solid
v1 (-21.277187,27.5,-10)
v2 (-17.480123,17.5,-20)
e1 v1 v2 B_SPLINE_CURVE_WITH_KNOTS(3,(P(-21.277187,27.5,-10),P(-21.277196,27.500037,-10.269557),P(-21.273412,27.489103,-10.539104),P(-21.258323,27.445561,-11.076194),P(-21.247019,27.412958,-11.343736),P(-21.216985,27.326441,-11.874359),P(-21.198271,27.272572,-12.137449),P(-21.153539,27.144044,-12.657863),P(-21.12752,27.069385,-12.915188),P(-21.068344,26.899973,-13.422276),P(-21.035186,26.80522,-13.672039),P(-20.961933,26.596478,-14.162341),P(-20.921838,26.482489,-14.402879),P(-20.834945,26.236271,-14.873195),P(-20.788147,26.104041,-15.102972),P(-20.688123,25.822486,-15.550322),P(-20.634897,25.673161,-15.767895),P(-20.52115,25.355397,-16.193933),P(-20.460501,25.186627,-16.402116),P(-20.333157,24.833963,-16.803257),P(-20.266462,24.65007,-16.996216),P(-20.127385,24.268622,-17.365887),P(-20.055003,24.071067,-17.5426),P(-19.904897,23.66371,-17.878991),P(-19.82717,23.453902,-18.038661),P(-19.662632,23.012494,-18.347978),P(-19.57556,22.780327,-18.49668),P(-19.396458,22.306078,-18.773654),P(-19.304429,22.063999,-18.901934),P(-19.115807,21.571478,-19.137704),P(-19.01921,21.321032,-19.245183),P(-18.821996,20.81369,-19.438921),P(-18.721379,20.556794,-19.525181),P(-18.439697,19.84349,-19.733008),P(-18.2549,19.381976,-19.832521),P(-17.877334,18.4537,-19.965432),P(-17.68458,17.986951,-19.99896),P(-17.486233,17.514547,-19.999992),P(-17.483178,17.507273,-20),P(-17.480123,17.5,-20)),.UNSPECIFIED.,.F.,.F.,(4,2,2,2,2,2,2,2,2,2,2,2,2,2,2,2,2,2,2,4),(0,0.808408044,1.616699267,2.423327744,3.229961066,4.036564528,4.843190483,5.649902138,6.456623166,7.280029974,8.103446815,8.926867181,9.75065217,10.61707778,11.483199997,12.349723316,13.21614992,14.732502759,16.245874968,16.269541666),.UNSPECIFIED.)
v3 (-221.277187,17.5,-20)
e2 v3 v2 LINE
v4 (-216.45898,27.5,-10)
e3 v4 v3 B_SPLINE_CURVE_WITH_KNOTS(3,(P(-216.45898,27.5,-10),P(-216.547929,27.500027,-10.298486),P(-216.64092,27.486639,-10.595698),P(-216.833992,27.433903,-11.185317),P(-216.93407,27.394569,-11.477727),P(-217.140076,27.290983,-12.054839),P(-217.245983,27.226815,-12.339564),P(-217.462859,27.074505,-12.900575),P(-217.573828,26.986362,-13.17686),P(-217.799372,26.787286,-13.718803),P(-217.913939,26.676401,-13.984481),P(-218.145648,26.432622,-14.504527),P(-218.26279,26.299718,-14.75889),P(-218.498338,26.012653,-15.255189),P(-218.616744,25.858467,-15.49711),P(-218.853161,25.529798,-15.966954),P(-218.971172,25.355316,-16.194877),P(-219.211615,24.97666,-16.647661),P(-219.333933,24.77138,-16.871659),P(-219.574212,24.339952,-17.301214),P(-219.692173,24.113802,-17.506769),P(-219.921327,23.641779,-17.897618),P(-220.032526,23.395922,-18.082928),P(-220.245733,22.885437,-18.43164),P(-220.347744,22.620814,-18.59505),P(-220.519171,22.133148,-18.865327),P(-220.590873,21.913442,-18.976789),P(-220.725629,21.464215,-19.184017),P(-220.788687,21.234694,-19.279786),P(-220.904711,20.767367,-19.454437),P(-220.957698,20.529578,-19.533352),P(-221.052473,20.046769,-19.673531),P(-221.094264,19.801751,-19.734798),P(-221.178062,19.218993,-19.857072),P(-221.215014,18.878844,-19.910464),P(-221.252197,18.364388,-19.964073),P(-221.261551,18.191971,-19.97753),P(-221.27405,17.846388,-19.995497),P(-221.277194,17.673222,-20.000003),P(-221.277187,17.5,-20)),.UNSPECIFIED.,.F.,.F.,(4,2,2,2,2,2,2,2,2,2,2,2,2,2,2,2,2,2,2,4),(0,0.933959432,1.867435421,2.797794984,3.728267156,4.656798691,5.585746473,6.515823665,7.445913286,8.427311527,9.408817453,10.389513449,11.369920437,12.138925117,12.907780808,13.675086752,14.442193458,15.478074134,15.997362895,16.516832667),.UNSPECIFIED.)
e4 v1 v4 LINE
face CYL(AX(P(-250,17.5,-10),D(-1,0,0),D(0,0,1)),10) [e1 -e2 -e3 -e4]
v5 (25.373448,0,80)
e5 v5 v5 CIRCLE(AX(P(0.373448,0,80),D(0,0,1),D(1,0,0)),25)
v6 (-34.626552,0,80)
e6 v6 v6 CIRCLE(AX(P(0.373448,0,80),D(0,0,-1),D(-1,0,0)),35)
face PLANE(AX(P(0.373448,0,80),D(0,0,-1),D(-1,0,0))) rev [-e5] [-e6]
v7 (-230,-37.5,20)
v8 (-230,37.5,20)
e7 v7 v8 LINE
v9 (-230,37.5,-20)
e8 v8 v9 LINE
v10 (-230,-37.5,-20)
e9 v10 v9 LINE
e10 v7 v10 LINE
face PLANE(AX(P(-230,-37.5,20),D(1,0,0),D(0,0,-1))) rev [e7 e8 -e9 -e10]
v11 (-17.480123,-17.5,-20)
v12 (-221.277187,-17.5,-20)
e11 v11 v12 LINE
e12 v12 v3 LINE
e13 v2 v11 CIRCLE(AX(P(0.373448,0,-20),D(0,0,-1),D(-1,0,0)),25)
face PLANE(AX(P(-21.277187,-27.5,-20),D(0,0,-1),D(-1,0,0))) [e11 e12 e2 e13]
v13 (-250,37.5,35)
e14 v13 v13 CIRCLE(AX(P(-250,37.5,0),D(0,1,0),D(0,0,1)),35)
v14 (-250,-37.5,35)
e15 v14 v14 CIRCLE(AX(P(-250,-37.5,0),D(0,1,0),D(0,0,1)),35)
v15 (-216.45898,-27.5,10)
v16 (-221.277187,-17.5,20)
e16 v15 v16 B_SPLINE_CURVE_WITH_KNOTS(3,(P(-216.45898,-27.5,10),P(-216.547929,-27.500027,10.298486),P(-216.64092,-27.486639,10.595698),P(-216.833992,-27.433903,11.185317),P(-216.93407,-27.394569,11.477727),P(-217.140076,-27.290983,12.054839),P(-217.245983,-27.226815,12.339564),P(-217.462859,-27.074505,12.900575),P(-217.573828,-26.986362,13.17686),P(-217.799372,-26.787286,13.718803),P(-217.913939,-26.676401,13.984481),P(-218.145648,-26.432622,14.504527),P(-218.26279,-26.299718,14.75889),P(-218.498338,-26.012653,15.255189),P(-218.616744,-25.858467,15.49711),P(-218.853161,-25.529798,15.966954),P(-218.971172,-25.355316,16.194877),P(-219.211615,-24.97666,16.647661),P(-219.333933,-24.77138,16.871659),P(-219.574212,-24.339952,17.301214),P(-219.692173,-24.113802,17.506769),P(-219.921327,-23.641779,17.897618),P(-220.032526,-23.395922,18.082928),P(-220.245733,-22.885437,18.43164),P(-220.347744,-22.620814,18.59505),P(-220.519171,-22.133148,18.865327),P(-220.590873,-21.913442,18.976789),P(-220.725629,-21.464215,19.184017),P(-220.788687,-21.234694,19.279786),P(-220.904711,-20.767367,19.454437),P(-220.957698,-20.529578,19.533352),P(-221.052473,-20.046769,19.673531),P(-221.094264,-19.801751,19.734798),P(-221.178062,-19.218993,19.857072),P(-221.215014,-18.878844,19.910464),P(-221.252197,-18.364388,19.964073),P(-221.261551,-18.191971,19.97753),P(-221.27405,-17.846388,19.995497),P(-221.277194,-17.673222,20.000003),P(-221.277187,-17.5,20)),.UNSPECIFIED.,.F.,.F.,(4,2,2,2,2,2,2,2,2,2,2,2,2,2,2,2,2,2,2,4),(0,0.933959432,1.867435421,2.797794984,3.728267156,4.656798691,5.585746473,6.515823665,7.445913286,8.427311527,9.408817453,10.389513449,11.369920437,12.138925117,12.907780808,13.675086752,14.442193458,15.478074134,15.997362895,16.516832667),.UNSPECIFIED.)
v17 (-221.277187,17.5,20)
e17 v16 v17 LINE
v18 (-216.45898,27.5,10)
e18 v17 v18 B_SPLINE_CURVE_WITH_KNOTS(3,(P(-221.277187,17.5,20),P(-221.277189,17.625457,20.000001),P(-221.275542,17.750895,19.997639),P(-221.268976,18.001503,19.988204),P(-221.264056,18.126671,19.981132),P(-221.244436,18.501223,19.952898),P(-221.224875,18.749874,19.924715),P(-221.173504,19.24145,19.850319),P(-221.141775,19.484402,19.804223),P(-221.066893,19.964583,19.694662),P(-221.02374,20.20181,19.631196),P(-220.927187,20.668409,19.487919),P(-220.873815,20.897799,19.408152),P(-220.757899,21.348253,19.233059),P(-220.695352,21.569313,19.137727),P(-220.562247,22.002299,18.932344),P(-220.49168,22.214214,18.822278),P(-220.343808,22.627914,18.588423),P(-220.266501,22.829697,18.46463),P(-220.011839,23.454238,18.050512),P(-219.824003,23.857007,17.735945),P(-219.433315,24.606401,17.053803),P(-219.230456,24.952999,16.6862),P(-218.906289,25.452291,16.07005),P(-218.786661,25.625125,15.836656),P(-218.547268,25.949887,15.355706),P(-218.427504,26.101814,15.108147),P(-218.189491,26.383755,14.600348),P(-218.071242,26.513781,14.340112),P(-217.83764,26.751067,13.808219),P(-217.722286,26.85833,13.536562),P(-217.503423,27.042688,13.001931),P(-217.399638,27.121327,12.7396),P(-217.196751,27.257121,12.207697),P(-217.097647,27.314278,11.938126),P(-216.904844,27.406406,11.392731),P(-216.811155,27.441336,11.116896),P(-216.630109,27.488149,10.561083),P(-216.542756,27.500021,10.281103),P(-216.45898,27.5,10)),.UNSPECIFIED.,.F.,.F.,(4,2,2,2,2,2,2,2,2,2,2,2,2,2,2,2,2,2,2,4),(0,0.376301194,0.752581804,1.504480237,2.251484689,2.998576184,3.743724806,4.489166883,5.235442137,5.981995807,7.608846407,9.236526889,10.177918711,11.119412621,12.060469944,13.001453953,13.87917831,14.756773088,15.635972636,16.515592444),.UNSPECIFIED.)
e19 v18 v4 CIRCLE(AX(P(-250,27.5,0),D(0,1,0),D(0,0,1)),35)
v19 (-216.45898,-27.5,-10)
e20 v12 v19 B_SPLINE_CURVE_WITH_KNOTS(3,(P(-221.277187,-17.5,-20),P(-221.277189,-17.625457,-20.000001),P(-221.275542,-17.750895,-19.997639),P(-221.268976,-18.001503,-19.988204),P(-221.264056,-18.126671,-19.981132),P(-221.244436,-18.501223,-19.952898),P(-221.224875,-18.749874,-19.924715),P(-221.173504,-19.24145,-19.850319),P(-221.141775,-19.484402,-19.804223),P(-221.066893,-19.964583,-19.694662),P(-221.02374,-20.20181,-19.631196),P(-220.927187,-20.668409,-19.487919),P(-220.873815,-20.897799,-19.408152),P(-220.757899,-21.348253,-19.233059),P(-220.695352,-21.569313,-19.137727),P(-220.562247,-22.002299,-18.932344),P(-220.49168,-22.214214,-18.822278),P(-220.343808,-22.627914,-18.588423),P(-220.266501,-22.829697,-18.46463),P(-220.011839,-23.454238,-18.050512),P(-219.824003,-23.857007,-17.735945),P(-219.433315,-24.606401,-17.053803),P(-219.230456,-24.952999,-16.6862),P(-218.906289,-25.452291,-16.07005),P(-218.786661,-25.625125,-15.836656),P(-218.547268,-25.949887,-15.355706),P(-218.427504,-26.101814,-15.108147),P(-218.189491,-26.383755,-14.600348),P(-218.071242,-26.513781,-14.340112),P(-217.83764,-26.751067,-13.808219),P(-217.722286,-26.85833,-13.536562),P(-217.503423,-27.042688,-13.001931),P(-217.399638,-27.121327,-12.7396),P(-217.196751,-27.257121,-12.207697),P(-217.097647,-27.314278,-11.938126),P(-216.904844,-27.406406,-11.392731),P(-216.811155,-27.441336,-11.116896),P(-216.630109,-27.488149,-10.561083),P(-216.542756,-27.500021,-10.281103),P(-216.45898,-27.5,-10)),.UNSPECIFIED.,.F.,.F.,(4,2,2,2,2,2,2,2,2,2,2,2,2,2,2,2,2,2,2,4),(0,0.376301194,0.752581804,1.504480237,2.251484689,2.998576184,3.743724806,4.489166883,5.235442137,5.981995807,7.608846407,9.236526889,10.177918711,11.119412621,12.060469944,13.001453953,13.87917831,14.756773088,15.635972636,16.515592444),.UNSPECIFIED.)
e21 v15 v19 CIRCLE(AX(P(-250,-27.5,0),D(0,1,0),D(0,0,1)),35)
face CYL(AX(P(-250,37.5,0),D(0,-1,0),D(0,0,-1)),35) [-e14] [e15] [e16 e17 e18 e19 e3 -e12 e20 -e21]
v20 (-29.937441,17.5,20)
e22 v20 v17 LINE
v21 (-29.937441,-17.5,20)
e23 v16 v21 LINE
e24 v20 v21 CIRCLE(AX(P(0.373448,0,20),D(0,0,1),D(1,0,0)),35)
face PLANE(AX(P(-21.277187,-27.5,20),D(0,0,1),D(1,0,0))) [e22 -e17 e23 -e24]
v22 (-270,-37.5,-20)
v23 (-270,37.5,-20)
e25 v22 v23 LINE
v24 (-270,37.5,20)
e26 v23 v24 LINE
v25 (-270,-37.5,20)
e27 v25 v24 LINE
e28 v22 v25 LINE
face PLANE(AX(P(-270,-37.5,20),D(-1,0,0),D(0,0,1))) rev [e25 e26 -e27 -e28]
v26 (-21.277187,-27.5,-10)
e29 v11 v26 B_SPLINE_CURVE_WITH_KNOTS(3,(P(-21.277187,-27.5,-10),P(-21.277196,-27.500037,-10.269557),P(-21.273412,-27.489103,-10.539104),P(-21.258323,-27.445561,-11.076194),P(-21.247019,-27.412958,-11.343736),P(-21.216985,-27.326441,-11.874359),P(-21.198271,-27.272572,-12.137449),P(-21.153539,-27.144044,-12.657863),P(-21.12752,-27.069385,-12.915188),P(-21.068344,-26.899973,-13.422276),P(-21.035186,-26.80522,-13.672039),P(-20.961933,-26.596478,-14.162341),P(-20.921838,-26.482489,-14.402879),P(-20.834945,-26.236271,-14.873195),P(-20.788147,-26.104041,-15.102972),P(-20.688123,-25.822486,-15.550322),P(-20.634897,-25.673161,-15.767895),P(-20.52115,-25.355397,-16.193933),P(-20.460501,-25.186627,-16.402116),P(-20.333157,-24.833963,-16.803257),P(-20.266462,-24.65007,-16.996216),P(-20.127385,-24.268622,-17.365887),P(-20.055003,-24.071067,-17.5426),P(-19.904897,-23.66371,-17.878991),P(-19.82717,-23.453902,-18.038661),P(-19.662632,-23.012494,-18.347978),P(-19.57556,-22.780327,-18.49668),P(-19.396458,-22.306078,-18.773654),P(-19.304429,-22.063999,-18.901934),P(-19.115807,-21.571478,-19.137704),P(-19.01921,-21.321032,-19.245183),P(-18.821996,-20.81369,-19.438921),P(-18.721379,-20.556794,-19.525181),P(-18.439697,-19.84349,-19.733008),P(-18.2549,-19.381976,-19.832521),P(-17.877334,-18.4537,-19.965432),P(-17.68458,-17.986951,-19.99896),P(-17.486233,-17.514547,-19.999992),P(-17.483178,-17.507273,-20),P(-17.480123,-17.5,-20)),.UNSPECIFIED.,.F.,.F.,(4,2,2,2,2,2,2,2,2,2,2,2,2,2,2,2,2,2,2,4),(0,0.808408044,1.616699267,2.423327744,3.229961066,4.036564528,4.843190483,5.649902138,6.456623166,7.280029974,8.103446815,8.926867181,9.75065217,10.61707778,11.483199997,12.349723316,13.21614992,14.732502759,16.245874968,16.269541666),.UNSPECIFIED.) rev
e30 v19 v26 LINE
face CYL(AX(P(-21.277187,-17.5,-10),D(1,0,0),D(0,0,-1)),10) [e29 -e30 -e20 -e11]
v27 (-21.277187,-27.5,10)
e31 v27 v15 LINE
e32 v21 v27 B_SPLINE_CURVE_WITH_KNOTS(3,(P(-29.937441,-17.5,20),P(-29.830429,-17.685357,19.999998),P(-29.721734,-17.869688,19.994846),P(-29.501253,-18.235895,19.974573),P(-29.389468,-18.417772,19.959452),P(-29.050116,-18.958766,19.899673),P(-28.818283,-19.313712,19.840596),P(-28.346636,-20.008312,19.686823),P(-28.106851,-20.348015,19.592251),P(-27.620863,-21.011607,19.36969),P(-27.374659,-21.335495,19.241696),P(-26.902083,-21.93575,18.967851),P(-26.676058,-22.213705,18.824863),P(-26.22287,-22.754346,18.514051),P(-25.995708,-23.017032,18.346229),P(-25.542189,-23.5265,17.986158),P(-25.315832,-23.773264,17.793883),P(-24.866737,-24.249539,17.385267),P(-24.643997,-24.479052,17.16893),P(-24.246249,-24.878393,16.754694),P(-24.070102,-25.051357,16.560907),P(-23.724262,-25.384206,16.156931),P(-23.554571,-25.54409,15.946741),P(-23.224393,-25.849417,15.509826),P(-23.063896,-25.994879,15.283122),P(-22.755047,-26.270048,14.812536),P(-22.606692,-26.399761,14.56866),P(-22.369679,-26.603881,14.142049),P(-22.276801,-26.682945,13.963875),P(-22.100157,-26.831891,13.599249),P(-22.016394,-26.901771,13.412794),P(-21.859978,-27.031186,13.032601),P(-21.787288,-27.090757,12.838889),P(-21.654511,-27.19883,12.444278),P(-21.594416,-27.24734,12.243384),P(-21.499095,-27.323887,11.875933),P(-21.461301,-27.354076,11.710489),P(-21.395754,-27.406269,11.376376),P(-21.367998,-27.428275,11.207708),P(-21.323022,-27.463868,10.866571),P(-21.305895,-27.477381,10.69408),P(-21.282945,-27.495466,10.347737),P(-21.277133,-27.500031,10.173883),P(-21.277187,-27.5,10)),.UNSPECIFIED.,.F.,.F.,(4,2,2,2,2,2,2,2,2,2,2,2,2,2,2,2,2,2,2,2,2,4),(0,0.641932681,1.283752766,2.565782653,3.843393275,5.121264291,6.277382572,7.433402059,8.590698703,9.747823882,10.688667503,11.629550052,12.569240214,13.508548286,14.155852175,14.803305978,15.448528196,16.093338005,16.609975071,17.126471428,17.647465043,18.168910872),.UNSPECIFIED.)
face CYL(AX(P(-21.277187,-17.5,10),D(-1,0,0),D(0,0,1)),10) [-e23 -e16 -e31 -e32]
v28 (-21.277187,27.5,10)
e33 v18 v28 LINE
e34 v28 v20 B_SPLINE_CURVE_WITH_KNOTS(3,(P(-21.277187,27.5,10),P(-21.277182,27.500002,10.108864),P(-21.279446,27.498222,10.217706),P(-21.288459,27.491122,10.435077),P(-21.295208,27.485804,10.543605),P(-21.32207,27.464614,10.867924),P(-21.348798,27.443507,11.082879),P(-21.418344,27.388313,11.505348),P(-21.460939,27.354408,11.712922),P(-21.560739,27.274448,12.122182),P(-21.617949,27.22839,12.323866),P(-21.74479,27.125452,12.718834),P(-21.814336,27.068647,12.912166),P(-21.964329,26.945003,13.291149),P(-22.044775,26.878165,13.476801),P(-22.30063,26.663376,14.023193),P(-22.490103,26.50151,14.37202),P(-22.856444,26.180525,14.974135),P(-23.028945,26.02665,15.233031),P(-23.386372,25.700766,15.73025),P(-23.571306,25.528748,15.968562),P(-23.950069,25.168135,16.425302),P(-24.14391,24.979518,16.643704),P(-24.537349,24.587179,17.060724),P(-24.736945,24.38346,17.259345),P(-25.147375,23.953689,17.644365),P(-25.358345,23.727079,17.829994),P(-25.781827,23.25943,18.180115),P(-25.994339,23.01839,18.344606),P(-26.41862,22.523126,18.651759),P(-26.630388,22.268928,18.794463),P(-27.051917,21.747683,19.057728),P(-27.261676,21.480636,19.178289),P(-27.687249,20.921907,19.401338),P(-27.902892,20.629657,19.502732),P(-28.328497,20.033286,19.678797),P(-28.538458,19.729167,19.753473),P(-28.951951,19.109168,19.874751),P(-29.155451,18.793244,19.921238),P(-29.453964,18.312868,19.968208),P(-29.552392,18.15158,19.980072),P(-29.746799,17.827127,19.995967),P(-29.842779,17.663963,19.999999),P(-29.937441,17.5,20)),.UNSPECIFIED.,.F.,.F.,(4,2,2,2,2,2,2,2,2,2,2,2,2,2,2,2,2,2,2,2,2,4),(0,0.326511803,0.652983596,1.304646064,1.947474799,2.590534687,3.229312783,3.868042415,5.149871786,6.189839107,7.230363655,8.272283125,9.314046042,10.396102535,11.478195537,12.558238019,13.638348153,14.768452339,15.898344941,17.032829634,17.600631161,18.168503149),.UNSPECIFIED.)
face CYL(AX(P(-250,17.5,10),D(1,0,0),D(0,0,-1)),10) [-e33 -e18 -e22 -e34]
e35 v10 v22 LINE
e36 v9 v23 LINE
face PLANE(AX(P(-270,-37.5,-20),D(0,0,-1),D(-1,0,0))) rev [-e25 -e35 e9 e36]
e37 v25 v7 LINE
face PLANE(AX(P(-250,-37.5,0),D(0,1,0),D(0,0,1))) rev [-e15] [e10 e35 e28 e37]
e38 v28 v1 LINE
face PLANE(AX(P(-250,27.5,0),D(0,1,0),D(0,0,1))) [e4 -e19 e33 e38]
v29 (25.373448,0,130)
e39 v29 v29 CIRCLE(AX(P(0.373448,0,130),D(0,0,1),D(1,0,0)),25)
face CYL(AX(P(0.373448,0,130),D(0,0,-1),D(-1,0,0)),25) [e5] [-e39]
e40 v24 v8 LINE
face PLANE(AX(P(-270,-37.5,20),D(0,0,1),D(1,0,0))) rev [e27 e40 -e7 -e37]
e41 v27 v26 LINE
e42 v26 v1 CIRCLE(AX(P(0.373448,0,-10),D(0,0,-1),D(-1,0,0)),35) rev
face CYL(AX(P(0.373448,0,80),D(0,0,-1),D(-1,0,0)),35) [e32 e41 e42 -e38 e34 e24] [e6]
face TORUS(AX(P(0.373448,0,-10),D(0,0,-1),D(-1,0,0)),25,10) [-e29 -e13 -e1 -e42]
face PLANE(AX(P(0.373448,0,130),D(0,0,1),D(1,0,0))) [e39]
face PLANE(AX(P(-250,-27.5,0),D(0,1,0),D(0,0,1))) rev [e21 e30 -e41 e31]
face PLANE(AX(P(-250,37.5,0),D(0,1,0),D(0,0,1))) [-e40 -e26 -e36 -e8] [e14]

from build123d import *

# Parameters (mm, degrees)
SKETCH1_R           = 35
BOSS_EXTRUDE1_DEPTH = 75
SKETCH2_W           = 40
SKETCH2_H           = 40
CUT_EXTRUDE1_DEPTH  = 90.86100377805714
BOSS_EXTRUDE2_START = -10
BOSS_EXTRUDE2_DEPTH = 55
SKETCH5_R           = 35.00000000000001
BOSS_EXTRUDE3_DEPTH = 100
SKETCH8_R           = 25.000000000000007
BOSS_EXTRUDE5_DEPTH = 50
FILLET1_R           = 10
FILLET2_R           = 10


with BuildPart() as part:
    # Sketch1 → Boss-Extrude1 (new body)
    with BuildSketch(Plane(origin=(0, 0, 0), x_dir=(1, 0, 0), z_dir=(0, 1, 0))):
        with Locations(Location((0, 0, 0), (0, 0, 270))):
            Circle(SKETCH1_R)
    extrude(amount=BOSS_EXTRUDE1_DEPTH)

    # Sketch2 → Cut-Extrude1 (cut, through all)
    with BuildSketch(Plane(origin=(0, 75, 0), x_dir=(1, 0, 0), z_dir=(0, 1, 0))):
        Rectangle(SKETCH2_W, SKETCH2_H)
    extrude(amount=-CUT_EXTRUDE1_DEPTH, mode=Mode.SUBTRACT)

    # Sketch3 → Boss-Extrude2 (add)
    with BuildSketch(Plane(origin=(0, 75, 0), x_dir=(1, 0, 0), z_dir=(0, 1, 0)).offset(BOSS_EXTRUDE2_START)):
        Polygon((228.72281323269016, -19.99999999999999), (28.72281323269015, -20.000000000000014), (28.72281323269015, 19.999999999999982), (228.72281323269016, 20.00000000000001), align=None)
    extrude(amount=-BOSS_EXTRUDE2_DEPTH)

    # Sketch5 → Boss-Extrude3 (add)
    with BuildSketch(Plane(origin=(-2.78e-15, 0, -19.99999999999998), x_dir=(-1, 0, 1.4e-16), z_dir=(-1.4e-16, 0, -1))):
        with Locations((-250.37344832730113, 37.49999999999998)):
            Circle(SKETCH5_R)
    extrude(amount=-BOSS_EXTRUDE3_DEPTH)

    # Sketch8 → Boss-Extrude5 (add)
    with BuildSketch(Plane.XY.offset(80.00000000000003)):
        with Locations((250.37344832730113, 37.49999999999998)):
            Circle(SKETCH8_R)
    extrude(amount=BOSS_EXTRUDE5_DEPTH)

    # Fillet1
    fillet1_edges = [part.edges().sort_by_distance(p)[0] for p in [
        (128.72281323269016, 10, -19.999999999999996),
        (128.72281323269016, 10, 20.000000000000004),
        (128.72281323269016, 65, 20.000000000000004),
        (128.72281323269016, 65, -19.999999999999996),
    ]]
    fillet(fillet1_edges, radius=FILLET1_R)

    # Fillet2
    fillet2_edges = [part.edges().sort_by_distance(p)[0] for p in [
        (285.37344832730116, 37.49999999999991, -20.00000000000001),
    ]]
    fillet(fillet2_edges, radius=FILLET2_R)


with BuildPart() as part_1:
    # Body-Move/Copy1: moved
    add(part.part.moved(Location((-250, -37.5, 0))))


solid = part_1.part
